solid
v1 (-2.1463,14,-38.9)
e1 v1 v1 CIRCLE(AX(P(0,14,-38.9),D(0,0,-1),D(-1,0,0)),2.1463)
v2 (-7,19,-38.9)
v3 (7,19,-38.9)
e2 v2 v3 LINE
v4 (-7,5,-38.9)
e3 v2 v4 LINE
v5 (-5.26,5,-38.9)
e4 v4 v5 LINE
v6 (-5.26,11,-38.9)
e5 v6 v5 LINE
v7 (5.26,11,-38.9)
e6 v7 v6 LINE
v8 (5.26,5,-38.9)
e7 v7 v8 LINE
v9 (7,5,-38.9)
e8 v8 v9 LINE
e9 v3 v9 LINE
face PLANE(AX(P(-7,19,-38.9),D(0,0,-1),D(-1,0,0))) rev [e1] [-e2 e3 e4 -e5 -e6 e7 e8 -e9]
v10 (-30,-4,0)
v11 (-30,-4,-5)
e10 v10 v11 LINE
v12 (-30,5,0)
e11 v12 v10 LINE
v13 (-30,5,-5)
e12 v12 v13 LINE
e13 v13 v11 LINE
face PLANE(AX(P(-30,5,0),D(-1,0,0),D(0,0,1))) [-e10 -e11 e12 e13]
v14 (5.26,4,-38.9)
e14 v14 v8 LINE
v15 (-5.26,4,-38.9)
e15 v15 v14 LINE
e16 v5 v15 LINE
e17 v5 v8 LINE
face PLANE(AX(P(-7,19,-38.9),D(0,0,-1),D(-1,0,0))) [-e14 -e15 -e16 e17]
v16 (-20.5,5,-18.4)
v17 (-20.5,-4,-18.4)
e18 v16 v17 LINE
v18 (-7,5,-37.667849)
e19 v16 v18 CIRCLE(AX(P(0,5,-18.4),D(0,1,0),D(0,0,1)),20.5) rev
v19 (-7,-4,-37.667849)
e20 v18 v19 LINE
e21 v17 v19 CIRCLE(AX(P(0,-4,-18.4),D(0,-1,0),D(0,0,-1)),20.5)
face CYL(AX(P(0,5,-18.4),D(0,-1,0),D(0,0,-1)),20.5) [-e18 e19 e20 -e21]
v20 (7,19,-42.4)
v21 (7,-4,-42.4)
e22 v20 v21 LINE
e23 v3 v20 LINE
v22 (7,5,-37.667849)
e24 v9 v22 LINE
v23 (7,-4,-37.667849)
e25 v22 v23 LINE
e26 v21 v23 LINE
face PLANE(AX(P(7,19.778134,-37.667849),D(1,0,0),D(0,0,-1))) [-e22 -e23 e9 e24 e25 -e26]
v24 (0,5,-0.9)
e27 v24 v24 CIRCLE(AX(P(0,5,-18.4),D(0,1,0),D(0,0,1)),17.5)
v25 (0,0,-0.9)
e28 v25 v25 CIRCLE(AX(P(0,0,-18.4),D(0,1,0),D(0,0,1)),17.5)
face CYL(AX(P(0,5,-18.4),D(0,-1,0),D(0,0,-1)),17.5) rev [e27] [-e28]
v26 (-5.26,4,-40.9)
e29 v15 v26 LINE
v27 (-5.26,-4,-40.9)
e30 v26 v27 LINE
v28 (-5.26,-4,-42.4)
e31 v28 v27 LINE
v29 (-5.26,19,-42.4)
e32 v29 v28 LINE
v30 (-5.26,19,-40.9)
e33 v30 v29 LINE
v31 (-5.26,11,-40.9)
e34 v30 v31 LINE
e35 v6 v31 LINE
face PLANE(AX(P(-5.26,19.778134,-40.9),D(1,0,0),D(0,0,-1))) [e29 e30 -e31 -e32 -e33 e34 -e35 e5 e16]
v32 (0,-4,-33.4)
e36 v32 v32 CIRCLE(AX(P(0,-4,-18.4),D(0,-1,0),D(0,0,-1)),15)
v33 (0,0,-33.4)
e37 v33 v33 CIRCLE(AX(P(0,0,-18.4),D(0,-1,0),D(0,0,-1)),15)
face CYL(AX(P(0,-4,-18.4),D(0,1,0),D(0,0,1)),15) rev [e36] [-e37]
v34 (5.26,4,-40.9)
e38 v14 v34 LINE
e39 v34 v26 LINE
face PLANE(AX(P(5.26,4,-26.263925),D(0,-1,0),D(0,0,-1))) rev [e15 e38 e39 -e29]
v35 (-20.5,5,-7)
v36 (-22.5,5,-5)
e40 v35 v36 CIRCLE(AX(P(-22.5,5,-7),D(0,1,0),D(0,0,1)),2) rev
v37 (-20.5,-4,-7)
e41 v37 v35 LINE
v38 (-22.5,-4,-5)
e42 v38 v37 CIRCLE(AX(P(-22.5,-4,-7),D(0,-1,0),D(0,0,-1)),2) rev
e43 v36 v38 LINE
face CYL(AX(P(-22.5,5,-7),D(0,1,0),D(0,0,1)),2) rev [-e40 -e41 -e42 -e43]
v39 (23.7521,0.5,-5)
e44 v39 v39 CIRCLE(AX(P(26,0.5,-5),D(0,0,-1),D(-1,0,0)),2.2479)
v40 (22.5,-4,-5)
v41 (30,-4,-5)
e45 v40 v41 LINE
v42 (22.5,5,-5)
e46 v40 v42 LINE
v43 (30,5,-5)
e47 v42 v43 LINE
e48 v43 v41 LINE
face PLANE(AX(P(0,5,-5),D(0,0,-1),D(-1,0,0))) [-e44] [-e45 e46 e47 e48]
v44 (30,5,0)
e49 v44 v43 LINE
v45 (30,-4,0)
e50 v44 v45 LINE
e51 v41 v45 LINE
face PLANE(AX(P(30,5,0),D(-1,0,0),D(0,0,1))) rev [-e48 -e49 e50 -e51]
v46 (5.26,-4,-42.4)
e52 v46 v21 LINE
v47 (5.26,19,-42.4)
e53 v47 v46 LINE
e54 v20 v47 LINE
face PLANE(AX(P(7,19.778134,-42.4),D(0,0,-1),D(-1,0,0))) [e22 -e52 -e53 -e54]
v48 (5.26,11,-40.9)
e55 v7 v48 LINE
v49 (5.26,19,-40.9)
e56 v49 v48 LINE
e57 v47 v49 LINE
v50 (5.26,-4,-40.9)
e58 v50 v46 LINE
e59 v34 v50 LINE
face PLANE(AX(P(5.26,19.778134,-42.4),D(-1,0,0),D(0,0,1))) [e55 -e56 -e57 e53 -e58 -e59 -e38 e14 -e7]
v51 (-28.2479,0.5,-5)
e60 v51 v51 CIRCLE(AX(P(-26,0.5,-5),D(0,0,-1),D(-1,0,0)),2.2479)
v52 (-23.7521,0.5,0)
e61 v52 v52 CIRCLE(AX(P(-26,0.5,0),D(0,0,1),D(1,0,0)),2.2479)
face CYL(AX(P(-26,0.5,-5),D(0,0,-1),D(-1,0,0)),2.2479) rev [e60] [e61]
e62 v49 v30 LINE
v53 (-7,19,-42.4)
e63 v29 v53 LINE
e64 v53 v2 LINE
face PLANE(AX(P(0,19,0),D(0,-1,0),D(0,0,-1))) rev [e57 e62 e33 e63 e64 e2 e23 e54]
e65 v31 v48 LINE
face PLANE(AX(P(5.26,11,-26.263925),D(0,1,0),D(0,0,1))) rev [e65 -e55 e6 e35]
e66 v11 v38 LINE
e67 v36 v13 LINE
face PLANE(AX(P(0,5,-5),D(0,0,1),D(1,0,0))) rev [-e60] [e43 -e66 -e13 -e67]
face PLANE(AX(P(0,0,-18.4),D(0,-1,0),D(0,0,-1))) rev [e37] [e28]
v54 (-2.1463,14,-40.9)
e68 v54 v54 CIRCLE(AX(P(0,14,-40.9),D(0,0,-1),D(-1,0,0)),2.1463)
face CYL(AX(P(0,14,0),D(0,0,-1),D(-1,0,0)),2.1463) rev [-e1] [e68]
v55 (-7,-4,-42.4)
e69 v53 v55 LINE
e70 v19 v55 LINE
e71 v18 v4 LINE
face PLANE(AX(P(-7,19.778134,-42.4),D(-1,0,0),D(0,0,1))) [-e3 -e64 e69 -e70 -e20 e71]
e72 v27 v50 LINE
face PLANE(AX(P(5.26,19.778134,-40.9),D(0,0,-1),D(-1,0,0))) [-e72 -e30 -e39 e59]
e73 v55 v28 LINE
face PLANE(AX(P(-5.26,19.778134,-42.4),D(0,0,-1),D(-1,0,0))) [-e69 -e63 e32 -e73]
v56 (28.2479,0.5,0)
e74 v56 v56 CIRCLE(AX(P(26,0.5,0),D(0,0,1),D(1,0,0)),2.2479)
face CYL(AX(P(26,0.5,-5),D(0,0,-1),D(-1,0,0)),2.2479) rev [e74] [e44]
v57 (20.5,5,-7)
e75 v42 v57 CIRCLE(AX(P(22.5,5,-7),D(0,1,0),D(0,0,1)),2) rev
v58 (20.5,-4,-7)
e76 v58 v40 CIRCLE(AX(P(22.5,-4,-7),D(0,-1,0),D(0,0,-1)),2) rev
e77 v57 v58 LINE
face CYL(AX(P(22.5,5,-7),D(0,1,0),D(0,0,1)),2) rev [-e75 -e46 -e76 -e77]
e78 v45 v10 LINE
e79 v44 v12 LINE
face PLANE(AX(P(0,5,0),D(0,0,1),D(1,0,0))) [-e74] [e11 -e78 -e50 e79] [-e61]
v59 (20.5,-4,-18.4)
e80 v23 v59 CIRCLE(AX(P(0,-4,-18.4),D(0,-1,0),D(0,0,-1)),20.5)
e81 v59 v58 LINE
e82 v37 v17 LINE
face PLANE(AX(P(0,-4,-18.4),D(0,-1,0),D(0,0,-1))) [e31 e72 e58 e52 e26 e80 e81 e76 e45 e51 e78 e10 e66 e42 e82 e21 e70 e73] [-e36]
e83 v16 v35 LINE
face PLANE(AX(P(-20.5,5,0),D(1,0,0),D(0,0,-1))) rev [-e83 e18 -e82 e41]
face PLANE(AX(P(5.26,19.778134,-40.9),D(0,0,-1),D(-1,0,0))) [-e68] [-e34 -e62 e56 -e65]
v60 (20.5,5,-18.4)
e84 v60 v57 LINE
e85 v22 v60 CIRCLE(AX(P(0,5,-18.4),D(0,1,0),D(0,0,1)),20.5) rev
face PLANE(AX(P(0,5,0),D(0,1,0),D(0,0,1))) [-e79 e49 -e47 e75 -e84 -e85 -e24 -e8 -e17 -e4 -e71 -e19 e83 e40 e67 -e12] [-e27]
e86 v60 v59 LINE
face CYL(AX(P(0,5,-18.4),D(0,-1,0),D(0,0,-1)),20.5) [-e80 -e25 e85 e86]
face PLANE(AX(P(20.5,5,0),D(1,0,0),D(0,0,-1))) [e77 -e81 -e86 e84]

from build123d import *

# Parameters (mm, degrees)
SKETCH1_R                 = 17.5
BOSS_EXTRUDE1_DEPTH       = 5
SKETCH3_R                 = 15
BOSS_EXTRUDE2_DEPTH       = 4
FILLET2_R                 = 2
F_8_CLEARANCE_HOLE1_D     = 4.4958
F_8_CLEARANCE_HOLE1_DEPTH = 23.75
F_8_CLEARANCE_HOLE1_TIP   = 1.350674586
BOSS_EXTRUDE3_DEPTH       = 9
BOSS_EXTRUDE4_DEPTH       = 14
SKETCH8_R                 = 2.1463
CUT_EXTRUDE1_DEPTH        = 41.9
SKETCH9_W                 = 10.52
SKETCH9_H                 = 7
CUT_EXTRUDE2_DEPTH        = 2


with BuildPart() as part:
    # Sketch1 → Boss-Extrude1 (new body)
    with BuildSketch(Plane(origin=(0, 0, 0), x_dir=(1, 0, 0), z_dir=(0, 1, 0))):
        with BuildLine():
            ThreePointArc((-20.5, 18.4), (0, 38.9), (20.5, 18.4))
            Line((20.5, 18.4), (20.5, 5))
            Line((20.5, 5), (30, 5))
            Line((30, 5), (30, 0))
            Line((30, 0), (0, 0))
            Line((0, 0), (-30, 0))
            Line((-30, 0), (-30, 5))
            Line((-30, 5), (-20.5, 5))
            Line((-20.5, 5), (-20.5, 18.4))
        make_face()
        with Locations((0, 18.4)):
            Circle(SKETCH1_R, mode=Mode.SUBTRACT)
    extrude(amount=BOSS_EXTRUDE1_DEPTH)

    # Sketch3 → Boss-Extrude2 (add)
    with BuildSketch(Plane.XZ):
        with BuildLine():
            Line((20.5, -18.4), (20.5, -5))
            Line((20.5, -5), (30, -5))
            Line((30, -5), (30, 0))
            Line((30, 0), (-30, 0))
            Line((-30, 0), (-30, -5))
            Line((-30, -5), (-20.5, -5))
            Line((-20.5, -5), (-20.5, -18.4))
            ThreePointArc((-20.5, -18.4), (0, -38.9), (20.5, -18.4))
        make_face()
        with Locations((0, -18.4)):
            Circle(SKETCH3_R, mode=Mode.SUBTRACT)
    extrude(amount=BOSS_EXTRUDE2_DEPTH)

    # Fillet2
    fillet2_edges = [part.edges().sort_by_distance(p)[0] for p in [
        (20.5, 0.5, -5),
        (-20.5, 0.5, -5),
    ]]
    fillet(fillet2_edges, radius=FILLET2_R)

    # #8 Clearance Hole1
    with Locations(Plane(origin=(0, 0, -5), x_dir=(-1, 0, 0), z_dir=(0, 0, -1))):
        with Locations((-26, 0.5), (26, 0.5)):
            Hole(F_8_CLEARANCE_HOLE1_D / 2, depth=F_8_CLEARANCE_HOLE1_DEPTH)
            with Locations((0, 0, -(F_8_CLEARANCE_HOLE1_DEPTH + F_8_CLEARANCE_HOLE1_TIP / 2))):  # 118° drill point
                Cone(0, F_8_CLEARANCE_HOLE1_D / 2, F_8_CLEARANCE_HOLE1_TIP, mode=Mode.SUBTRACT)

    # Sketch6 → Boss-Extrude3 (add)
    with BuildSketch(Plane.XZ.offset(4)):
        with BuildLine():
            Line((7, -37.667848868), (7, -42.4))
            Line((7, -42.4), (5.26, -42.4))
            Line((5.26, -42.4), (5.26, -40.9))
            Line((5.26, -40.9), (-5.26, -40.9))
            Line((-5.26, -40.9), (-5.26, -42.4))
            Line((-5.26, -42.4), (-7, -42.4))
            Line((-7, -42.4), (-7, -37.667848868))
            ThreePointArc((-7, -37.667848868), (0, -38.9), (7, -37.667848868))
        make_face()
    extrude(amount=-BOSS_EXTRUDE3_DEPTH)

    # Sketch7 → Boss-Extrude4 (add)
    with BuildSketch(Plane(origin=(0, 5, 0), x_dir=(1, 0, 0), z_dir=(0, 1, 0))):
        Polygon((5.26, 42.4), (7, 42.4), (7, 38.9), (-7, 38.9), (-7, 42.4), (-5.26, 42.4), (-5.26, 40.9), (5.26, 40.9), align=None)
    extrude(amount=BOSS_EXTRUDE4_DEPTH)

    # Sketch8 → Cut-Extrude1 (cut, through all)
    with BuildSketch(Plane(origin=(0, 0, -40.9), x_dir=(-1, 0, 0), z_dir=(0, 0, -1))):
        with Locations((0, 14)):
            Circle(SKETCH8_R)
    extrude(amount=-CUT_EXTRUDE1_DEPTH, mode=Mode.SUBTRACT)

    # Sketch9 → Cut-Extrude2 (cut)
    with BuildSketch(Plane(origin=(0, 0, -40.9), x_dir=(-1, 0, 0), z_dir=(0, 0, -1))):
        with Locations((0, 7.5)):
            Rectangle(SKETCH9_W, SKETCH9_H)
    extrude(amount=-CUT_EXTRUDE2_DEPTH, mode=Mode.SUBTRACT)


solid = part.part
